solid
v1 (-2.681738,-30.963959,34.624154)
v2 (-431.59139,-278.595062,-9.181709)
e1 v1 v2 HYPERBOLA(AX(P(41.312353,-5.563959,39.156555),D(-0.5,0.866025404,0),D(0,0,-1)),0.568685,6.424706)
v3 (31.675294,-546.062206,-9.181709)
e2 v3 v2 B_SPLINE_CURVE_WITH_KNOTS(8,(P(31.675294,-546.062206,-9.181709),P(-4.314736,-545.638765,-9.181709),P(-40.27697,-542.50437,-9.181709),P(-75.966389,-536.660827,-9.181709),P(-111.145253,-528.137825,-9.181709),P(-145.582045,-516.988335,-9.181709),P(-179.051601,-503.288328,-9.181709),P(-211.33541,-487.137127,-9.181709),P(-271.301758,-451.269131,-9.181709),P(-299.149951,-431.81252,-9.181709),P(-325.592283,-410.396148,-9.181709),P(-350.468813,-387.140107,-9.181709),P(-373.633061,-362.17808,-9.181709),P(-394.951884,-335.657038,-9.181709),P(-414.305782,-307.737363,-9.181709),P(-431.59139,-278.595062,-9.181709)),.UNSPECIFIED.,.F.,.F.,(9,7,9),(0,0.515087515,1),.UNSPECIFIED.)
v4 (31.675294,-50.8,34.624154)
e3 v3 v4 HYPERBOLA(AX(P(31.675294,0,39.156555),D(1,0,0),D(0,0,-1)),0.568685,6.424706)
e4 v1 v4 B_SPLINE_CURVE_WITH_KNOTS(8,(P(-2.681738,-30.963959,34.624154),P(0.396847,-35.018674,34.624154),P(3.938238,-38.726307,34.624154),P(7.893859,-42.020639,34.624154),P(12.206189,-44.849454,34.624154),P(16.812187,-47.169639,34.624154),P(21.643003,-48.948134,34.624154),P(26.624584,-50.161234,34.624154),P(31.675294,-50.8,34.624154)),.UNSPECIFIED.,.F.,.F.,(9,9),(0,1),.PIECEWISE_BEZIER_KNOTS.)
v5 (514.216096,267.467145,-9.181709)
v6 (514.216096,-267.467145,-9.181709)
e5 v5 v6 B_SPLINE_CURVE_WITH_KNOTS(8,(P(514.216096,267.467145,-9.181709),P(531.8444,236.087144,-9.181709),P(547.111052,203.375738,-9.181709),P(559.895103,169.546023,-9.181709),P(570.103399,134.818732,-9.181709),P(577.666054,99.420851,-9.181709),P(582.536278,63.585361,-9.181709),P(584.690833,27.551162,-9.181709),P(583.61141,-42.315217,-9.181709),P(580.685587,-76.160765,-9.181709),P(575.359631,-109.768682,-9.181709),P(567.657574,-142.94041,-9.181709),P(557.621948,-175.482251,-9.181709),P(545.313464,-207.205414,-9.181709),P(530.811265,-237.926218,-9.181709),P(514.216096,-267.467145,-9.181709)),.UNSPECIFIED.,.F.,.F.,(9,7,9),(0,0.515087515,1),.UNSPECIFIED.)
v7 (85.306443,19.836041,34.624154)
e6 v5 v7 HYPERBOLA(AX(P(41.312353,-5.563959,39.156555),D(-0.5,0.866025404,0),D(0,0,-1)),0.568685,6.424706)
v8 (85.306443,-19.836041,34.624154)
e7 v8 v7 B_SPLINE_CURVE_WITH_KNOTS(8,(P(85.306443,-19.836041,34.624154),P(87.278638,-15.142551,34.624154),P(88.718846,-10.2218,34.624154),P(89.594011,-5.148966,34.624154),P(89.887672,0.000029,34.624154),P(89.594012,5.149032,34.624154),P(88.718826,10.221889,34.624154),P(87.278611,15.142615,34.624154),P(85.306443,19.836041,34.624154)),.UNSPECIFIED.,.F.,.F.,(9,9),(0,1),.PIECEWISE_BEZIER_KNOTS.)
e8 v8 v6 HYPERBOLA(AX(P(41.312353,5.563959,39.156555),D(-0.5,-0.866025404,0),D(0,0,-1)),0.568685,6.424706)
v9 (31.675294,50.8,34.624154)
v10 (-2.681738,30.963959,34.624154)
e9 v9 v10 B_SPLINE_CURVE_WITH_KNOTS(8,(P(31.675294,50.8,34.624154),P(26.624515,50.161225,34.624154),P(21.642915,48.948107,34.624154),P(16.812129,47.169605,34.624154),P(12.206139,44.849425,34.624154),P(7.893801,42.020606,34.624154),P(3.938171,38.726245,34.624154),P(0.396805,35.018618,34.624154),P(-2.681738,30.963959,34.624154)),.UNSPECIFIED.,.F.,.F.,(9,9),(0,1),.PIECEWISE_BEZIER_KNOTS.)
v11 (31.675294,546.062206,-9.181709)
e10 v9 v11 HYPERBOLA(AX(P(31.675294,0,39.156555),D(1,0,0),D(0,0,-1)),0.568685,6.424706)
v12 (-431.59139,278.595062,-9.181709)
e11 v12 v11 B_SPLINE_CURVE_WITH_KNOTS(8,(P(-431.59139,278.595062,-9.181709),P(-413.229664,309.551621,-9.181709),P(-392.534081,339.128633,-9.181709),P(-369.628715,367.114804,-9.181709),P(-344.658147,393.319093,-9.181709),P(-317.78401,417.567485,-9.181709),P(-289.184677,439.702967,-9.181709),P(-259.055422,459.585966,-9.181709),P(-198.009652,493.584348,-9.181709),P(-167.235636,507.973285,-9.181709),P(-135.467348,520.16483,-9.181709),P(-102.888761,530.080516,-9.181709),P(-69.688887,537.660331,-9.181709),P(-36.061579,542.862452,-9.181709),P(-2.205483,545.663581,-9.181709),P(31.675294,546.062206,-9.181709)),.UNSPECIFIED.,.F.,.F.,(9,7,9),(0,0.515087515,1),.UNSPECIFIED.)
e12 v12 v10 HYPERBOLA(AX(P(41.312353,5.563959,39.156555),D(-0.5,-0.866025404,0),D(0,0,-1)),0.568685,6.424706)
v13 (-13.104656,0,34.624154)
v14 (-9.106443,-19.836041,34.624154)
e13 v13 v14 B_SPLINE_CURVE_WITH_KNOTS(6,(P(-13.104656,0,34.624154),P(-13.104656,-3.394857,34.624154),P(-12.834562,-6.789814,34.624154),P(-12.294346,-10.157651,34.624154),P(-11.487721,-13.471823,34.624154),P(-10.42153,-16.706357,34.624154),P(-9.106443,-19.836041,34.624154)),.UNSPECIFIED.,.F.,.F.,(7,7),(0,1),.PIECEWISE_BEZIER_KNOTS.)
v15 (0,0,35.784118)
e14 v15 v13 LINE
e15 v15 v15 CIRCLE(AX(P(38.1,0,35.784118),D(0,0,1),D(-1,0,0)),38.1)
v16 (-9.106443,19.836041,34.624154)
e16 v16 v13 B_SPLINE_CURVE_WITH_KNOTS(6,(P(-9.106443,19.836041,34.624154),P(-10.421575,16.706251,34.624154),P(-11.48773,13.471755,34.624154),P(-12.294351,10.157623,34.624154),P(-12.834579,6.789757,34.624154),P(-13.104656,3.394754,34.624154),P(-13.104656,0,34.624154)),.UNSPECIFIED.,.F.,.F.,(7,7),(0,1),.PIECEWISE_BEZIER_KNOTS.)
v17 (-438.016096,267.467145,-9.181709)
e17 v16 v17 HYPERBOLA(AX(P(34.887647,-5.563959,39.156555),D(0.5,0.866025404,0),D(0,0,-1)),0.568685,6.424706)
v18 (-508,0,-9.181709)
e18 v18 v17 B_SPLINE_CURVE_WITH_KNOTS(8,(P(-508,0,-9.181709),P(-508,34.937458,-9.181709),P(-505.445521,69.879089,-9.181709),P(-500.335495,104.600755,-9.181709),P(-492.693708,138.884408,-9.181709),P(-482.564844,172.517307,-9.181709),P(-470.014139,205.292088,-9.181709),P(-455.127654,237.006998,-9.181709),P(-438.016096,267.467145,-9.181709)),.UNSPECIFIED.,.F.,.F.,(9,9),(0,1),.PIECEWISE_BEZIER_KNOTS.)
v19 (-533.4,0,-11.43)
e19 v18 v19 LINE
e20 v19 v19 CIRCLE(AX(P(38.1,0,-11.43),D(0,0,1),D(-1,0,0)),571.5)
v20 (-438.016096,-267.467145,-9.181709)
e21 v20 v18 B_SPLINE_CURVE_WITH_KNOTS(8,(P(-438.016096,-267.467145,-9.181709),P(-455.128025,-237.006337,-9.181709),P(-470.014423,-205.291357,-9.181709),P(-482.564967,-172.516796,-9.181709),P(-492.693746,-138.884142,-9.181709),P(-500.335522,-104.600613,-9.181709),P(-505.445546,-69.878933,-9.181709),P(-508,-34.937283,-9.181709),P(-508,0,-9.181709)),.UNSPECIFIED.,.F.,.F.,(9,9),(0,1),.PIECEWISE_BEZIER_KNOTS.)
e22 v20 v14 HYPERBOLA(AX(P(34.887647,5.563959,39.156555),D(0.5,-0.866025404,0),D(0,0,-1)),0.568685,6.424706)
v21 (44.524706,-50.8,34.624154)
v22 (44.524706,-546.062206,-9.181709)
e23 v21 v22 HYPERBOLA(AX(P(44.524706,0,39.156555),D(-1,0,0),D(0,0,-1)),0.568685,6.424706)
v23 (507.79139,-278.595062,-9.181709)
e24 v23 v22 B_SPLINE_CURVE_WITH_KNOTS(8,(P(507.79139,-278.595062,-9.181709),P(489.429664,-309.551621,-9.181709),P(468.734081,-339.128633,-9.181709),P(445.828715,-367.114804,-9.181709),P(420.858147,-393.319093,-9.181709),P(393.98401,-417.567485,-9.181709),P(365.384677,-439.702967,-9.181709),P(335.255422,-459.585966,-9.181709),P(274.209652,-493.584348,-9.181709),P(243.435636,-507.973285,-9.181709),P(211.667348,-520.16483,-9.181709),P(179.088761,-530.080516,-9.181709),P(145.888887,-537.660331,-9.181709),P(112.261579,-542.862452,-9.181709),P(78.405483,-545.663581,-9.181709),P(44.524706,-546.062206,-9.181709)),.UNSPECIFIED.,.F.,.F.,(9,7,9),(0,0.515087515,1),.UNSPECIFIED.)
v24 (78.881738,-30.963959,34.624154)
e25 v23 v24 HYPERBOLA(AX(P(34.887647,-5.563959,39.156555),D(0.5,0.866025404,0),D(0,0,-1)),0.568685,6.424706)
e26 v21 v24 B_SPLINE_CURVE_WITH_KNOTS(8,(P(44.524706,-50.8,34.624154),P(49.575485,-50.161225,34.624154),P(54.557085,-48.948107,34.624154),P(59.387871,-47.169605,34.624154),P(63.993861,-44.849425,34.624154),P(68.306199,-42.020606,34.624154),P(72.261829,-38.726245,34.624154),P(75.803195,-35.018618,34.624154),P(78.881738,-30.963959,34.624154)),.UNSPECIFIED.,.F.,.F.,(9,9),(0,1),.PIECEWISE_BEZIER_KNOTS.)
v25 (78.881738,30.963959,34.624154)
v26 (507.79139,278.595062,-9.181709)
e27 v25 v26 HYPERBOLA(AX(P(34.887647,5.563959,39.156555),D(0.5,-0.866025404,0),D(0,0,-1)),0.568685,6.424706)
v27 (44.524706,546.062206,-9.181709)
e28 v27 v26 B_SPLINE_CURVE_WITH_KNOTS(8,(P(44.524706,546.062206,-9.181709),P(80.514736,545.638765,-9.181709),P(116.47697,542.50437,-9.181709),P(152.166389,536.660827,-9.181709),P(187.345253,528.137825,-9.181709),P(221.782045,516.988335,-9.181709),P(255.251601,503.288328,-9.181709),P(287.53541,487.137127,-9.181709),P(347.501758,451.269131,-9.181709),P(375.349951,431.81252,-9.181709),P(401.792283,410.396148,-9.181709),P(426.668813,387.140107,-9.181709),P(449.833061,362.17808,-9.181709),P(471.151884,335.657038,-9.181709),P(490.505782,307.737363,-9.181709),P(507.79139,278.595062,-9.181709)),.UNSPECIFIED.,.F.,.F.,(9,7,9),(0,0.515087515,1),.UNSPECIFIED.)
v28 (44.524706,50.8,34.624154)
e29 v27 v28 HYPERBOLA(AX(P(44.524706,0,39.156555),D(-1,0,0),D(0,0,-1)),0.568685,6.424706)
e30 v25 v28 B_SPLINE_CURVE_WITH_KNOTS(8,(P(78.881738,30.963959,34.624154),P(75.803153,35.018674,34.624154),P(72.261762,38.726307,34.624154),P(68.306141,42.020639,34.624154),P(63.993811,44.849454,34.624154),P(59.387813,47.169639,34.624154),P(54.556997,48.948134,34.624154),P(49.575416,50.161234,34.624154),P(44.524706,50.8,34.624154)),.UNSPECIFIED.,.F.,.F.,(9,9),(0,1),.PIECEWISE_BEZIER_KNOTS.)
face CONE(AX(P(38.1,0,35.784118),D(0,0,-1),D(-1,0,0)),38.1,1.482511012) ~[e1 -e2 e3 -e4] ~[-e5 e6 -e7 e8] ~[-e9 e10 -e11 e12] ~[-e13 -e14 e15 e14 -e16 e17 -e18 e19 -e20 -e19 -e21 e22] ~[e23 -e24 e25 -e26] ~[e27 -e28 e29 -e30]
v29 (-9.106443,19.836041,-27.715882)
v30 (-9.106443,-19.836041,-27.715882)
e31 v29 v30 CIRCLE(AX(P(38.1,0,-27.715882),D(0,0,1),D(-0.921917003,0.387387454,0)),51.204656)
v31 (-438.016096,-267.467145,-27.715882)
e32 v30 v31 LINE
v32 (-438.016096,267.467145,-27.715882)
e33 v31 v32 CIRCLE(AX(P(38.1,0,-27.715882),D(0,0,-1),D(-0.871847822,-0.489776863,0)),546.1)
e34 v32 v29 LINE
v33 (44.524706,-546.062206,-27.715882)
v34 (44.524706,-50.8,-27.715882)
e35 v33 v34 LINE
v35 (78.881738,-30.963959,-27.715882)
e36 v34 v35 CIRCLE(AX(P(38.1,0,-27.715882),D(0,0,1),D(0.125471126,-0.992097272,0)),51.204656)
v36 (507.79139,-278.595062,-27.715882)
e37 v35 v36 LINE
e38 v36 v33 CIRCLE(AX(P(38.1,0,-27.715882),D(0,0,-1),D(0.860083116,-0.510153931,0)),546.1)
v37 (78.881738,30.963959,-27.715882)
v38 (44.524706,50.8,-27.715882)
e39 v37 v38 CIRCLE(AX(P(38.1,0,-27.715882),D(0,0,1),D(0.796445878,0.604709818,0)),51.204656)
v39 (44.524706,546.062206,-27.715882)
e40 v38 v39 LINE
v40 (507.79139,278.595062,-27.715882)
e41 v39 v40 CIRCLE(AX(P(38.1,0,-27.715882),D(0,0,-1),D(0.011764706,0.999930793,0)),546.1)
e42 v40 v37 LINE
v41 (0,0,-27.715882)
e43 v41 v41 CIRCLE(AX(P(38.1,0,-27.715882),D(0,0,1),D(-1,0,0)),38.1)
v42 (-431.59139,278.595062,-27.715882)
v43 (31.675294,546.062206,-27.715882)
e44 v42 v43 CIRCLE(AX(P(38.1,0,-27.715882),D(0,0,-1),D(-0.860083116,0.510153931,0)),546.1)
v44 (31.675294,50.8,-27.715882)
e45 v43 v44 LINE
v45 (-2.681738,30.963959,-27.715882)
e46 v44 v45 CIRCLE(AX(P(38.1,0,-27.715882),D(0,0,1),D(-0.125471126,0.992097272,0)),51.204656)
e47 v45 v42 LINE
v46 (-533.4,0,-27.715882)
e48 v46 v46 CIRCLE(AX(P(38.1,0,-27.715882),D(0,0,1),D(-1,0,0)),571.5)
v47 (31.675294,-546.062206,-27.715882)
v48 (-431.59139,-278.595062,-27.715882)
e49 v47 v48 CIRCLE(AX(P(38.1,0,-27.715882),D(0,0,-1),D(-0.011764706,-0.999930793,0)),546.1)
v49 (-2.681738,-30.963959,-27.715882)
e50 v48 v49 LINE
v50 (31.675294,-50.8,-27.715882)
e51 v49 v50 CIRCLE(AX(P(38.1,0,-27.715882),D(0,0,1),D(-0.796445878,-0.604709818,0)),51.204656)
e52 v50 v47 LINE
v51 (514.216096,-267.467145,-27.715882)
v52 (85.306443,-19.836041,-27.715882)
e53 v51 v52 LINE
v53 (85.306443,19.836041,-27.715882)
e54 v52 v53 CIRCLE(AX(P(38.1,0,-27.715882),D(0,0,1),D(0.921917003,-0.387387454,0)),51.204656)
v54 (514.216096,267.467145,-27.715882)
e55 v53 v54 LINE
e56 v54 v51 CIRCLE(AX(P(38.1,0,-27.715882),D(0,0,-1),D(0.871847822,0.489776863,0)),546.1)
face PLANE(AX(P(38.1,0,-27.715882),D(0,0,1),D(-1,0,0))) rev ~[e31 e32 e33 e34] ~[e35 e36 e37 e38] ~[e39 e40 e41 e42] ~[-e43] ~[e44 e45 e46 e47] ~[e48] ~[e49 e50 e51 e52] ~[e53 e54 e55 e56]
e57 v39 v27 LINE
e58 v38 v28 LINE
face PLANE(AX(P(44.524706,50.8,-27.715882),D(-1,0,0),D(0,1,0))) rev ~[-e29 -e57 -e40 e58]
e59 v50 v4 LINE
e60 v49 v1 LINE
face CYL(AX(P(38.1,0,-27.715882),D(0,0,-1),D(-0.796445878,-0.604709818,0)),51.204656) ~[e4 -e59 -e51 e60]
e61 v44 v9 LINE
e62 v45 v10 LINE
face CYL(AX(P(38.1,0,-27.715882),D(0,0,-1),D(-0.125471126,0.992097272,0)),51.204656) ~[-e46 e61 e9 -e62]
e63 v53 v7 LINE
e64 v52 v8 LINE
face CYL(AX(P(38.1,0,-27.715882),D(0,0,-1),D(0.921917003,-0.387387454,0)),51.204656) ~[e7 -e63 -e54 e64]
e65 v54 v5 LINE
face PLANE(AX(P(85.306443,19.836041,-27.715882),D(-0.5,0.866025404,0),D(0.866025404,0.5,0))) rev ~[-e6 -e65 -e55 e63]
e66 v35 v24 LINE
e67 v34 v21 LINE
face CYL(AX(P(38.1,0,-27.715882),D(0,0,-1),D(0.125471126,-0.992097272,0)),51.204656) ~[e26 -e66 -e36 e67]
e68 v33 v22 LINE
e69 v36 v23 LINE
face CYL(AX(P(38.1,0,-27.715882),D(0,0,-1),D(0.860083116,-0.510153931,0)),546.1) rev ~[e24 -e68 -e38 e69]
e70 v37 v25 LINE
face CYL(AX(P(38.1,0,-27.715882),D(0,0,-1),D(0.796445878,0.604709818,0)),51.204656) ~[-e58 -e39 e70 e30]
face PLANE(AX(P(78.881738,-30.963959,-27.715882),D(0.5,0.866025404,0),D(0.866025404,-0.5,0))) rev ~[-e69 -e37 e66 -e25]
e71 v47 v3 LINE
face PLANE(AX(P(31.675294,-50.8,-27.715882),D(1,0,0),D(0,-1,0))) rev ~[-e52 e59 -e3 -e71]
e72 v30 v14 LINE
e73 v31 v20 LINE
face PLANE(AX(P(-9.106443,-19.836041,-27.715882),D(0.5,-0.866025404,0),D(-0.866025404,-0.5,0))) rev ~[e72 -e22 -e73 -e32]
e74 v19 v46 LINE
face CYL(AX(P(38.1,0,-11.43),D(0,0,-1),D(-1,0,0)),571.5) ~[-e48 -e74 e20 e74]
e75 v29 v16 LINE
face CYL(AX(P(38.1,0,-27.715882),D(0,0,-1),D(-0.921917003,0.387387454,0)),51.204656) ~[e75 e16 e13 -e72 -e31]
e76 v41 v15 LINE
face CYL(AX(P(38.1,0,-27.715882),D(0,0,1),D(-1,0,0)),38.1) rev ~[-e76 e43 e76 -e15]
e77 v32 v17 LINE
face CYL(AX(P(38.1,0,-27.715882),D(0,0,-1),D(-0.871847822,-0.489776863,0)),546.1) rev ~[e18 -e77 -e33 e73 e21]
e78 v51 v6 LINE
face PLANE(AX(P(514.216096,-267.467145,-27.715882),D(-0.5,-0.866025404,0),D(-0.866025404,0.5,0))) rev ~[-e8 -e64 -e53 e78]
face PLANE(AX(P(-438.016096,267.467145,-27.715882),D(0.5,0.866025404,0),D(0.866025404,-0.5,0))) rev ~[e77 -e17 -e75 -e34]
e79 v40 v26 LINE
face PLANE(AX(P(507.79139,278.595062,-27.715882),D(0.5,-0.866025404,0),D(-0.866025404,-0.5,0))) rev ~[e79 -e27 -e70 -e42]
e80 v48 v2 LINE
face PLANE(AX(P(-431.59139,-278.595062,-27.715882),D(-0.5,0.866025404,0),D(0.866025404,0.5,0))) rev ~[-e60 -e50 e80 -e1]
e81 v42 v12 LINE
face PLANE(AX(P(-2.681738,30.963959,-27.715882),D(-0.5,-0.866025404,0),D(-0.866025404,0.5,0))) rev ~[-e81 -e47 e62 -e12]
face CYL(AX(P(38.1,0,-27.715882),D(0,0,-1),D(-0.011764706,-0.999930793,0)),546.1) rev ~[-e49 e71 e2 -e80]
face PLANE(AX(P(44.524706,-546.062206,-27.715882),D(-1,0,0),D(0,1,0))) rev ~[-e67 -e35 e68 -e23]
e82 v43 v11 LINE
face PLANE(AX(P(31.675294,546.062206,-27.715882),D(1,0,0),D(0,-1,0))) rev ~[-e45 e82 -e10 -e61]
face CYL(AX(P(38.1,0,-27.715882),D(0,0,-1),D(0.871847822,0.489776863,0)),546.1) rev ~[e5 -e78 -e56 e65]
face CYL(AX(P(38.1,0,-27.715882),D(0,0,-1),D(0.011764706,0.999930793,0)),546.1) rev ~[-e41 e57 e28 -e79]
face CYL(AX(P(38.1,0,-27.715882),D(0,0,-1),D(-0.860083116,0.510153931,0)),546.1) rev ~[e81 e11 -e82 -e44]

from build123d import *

# Parameters (mm, degrees)
CUT_EXTRUDE1_DEPTH = 127
SKETCH3_R          = 6.35
CUT_EXTRUDE2_DEPTH = 127


with BuildPart() as part:
    # Sketch1 → Revolve1 (revolve)
    with BuildSketch(Plane(origin=(0, 0, 0), x_dir=(1, 0, 0), z_dir=(0, 1, 0))):
        Polygon((0, 27.715882353), (0, -35.784117647), (-533.4, 11.43), (-533.4, 27.715882353), align=None)
    revolve(axis=Axis((38.1, 0, -15.015882353), (0, 0, 1)))

    # Sketch2 → Cut-Extrude1 (cut)
    with BuildSketch(Plane(origin=(0, 0, -27.715882353), x_dir=(-1, 0, 0), z_dir=(0, 0, -1))):
        with BuildLine():
            ThreePointArc((-85.306443453, -19.836041494), (-89.304656484, 0), (-85.306443453, 19.836041494))
            Line((-85.306443453, 19.836041494), (-514.216095648, 267.467144646))
            ThreePointArc((-514.216095648, 267.467144646), (-584.2, 0), (-514.216095648, -267.467144646))
            Line((-514.216095648, -267.467144646), (-85.306443453, -19.836041494))
        make_face()
        with BuildLine():
            ThreePointArc((-78.881737571, 30.963958506), (-63.702328242, 44.344533307), (-44.524705882, 50.8))
            Line((-44.524705882, 50.8), (-44.524705882, 546.062206305))
            ThreePointArc((-44.524705882, 546.062206305), (-311.15, 472.936473007), (-507.791389765, 278.595061658))
            Line((-507.791389765, 278.595061658), (-78.881737571, 30.963958506))
        make_face()
        with BuildLine():
            Line((-31.675294118, 546.062206305), (-31.675294118, 50.8))
            ThreePointArc((-31.675294118, 50.8), (-12.497671758, 44.344533307), (2.681737571, 30.963958506))
            Line((2.681737571, 30.963958506), (431.591389765, 278.595061658))
            ThreePointArc((431.591389765, 278.595061658), (234.95, 472.936473007), (-31.675294118, 546.062206305))
        make_face()
        with BuildLine():
            ThreePointArc((9.106443453, 19.836041494), (13.104656484, 0), (9.106443453, -19.836041494))
            Line((9.106443453, -19.836041494), (438.016095648, -267.467144646))
            ThreePointArc((438.016095648, -267.467144646), (508, 0), (438.016095648, 267.467144646))
            Line((438.016095648, 267.467144646), (9.106443453, 19.836041494))
        make_face()
        with BuildLine():
            ThreePointArc((2.681737571, -30.963958506), (-12.497671758, -44.344533307), (-31.675294118, -50.8))
            Line((-31.675294118, -50.8), (-31.675294118, -546.062206305))
            ThreePointArc((-31.675294118, -546.062206305), (234.95, -472.936473007), (431.591389765, -278.595061658))
            Line((431.591389765, -278.595061658), (2.681737571, -30.963958506))
        make_face()
        with BuildLine():
            ThreePointArc((-44.524705882, -50.8), (-63.702328242, -44.344533307), (-78.881737571, -30.963958506))
            Line((-78.881737571, -30.963958506), (-507.791389765, -278.595061658))
            ThreePointArc((-507.791389765, -278.595061658), (-311.15, -472.936473007), (-44.524705882, -546.062206305))
            Line((-44.524705882, -546.062206305), (-44.524705882, -50.8))
        make_face()
    extrude(amount=-CUT_EXTRUDE1_DEPTH, mode=Mode.SUBTRACT)

    # Sketch3 → Cut-Extrude2 (cut)
    with BuildSketch(Plane.XY):
        with Locations((982.963055161, 544.767048731)):
            Circle(SKETCH3_R)
        with Locations((963.263630927, -578.887452386)):
            Circle(SKETCH3_R)
        with Locations((-19.699424235, -1123.654501117)):
            Circle(SKETCH3_R)
        with Locations((-982.963055161, -544.767048731)):
            Circle(SKETCH3_R)
        with Locations((-963.263630927, 578.887452386)):
            Circle(SKETCH3_R)
        with Locations((19.699424235, 1123.654501117)):
            Circle(SKETCH3_R)
    extrude(amount=-CUT_EXTRUDE2_DEPTH, mode=Mode.SUBTRACT)


solid = part.part
